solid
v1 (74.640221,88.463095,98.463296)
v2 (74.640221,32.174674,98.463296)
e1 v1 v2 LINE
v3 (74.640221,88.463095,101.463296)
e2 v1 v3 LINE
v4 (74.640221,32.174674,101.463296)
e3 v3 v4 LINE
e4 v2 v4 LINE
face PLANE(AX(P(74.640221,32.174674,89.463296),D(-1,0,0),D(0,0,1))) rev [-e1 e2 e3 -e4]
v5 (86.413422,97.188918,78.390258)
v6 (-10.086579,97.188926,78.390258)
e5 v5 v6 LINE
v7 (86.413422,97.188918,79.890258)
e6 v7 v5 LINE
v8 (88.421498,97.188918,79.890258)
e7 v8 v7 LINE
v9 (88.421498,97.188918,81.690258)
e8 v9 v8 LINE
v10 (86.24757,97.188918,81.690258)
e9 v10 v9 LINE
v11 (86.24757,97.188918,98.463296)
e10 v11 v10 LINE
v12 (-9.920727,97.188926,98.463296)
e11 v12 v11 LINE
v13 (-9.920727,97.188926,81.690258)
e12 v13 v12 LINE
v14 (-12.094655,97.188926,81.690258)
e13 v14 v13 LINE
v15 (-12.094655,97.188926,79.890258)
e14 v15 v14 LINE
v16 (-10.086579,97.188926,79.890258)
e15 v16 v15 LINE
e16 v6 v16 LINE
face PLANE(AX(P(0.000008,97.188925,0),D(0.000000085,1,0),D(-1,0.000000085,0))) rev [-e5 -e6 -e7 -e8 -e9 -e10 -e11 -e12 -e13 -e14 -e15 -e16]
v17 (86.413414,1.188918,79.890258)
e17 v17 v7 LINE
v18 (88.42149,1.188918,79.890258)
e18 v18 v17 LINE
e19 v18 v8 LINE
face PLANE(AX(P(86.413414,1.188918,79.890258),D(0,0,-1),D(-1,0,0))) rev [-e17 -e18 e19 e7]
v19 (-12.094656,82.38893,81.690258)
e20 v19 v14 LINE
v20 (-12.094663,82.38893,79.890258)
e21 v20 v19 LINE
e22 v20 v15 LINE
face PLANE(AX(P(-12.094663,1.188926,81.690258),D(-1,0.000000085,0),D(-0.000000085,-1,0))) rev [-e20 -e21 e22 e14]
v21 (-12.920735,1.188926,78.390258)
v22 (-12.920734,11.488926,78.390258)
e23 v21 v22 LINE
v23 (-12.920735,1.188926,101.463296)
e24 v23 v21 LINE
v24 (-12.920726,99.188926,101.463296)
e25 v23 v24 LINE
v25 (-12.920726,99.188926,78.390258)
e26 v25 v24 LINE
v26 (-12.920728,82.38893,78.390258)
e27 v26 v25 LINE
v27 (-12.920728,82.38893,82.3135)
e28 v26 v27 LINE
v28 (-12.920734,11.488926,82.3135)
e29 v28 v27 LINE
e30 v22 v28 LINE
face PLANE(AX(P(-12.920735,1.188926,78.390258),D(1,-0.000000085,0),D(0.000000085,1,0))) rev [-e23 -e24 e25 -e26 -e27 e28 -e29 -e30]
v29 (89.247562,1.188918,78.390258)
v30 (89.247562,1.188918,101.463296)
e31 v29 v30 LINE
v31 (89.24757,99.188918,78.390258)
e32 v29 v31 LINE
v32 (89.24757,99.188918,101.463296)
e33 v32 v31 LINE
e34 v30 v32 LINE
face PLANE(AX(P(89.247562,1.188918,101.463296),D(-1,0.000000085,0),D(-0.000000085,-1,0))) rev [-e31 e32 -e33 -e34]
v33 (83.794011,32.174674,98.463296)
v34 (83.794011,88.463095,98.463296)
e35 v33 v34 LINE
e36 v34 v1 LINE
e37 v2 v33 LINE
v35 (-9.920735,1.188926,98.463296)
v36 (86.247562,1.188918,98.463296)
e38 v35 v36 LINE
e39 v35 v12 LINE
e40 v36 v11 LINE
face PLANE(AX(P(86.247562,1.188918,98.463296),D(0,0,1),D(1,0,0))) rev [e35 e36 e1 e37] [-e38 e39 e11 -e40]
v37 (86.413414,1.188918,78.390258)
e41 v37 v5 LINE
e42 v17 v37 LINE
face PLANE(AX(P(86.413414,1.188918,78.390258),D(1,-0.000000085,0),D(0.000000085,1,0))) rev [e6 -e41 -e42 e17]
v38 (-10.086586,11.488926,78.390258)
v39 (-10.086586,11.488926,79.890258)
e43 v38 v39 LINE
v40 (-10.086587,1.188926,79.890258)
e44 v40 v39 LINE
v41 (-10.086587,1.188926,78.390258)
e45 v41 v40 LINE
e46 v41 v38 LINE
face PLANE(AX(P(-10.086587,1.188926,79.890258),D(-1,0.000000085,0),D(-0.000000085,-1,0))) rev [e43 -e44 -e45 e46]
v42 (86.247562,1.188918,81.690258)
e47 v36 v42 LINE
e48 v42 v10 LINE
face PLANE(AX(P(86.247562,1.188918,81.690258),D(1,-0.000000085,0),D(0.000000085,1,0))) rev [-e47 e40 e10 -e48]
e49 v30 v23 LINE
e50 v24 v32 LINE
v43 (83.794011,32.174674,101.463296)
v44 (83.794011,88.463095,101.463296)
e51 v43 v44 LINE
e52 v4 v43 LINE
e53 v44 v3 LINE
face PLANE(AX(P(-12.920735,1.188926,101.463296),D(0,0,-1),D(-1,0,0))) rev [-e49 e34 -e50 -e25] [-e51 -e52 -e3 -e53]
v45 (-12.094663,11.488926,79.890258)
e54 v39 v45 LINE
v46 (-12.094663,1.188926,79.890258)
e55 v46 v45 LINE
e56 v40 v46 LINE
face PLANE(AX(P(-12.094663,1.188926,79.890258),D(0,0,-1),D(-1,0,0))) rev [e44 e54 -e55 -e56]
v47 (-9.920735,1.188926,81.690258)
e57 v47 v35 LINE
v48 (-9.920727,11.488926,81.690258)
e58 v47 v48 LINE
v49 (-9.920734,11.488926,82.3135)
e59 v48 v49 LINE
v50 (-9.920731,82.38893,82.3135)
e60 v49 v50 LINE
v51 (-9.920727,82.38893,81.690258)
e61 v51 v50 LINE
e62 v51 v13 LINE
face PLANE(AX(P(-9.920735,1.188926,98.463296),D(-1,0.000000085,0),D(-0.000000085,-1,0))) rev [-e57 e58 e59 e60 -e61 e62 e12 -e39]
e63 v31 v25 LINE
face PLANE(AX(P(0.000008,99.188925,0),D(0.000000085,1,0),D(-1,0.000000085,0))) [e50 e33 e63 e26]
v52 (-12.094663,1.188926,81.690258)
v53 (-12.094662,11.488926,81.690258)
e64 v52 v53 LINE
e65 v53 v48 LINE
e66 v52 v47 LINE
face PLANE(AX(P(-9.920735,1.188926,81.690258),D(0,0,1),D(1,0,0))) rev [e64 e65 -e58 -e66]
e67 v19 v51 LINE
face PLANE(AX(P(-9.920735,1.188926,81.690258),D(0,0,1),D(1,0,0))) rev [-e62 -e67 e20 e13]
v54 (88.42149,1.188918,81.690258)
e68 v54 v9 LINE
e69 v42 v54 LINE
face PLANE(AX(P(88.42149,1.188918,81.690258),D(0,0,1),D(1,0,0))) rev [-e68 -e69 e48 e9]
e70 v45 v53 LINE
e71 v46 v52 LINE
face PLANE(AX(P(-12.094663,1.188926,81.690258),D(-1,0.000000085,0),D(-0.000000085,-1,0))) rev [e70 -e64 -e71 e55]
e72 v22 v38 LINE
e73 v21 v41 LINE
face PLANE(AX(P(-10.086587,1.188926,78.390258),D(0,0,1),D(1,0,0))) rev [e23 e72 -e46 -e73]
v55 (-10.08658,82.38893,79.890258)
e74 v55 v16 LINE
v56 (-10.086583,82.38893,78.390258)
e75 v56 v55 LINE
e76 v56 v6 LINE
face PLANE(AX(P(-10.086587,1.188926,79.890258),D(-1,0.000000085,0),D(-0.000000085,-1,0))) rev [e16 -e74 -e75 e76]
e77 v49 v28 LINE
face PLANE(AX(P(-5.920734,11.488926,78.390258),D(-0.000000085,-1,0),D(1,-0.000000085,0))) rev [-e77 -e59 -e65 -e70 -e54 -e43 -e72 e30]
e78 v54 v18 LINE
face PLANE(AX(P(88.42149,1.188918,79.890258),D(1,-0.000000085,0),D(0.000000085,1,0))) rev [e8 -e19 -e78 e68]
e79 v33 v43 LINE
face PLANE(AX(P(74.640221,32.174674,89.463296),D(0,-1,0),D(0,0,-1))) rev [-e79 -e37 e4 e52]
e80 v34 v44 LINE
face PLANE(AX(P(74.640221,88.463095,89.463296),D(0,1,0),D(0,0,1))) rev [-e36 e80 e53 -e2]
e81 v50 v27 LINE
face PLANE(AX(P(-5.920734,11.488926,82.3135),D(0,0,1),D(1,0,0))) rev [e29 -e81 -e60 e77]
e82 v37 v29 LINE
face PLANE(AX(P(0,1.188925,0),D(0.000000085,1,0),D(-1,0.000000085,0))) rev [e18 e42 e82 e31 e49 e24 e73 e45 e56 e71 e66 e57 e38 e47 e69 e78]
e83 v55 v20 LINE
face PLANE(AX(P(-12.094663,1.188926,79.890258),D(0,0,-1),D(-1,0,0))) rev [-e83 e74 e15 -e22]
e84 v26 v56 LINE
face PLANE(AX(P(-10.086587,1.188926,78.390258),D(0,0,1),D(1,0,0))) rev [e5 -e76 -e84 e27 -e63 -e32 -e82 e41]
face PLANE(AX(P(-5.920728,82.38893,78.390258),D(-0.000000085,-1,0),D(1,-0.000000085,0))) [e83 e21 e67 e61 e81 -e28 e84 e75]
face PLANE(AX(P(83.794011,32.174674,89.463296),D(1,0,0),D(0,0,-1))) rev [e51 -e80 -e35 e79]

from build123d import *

# Parameters (mm, degrees)
BOSS_EXTRUDE1_DEPTH      = 1
BOSS_EXTRUDE1_DEPTH_BACK = 95
SKETCH3_W                = 102.168296719
SKETCH3_H                = 23.073037812
BOSS_EXTRUDE2_DEPTH      = 2
CUT_EXTRUDE1_DEPTH       = 7
SKETCH5_W                = 9.153790551
SKETCH5_H                = 56.288421304
CUT_EXTRUDE2_DEPTH       = 12


with BuildPart() as part:
    # Sketch1 → Boss-Extrude1 (new, two sides: drawn at the far end of the back side and taken through both)
    with BuildSketch(Plane(origin=(1.86e-07, 2.18892535, 0), x_dir=(0.9999999999999963, -8.499370700000005e-08, 0), z_dir=(-8.499370700000005e-08, -0.9999999999999964, 0)).offset(-BOSS_EXTRUDE1_DEPTH_BACK)):
        Polygon((-10.086587255, 78.390258261), (-12.920734899, 78.390258261), (-12.920734899, 101.463296073), (89.24756182, 101.463296073), (89.24756182, 78.390258261), (86.413414176, 78.390258261), (86.413414176, 79.890257832), (88.421490182, 79.890257832), (88.421490182, 81.69025819), (86.24756182, 81.69025819), (86.24756182, 98.463296073), (-9.920734899, 98.463296073), (-9.920734899, 81.69025819), (-12.094663261, 81.69025819), (-12.094663261, 79.890257832), (-10.086587255, 79.890257832), align=None)
    extrude(amount=BOSS_EXTRUDE1_DEPTH + BOSS_EXTRUDE1_DEPTH_BACK)

    # Sketch3 → Boss-Extrude2 (add)
    with BuildSketch(Plane(origin=(8.26e-06, 97.18892535, 0), x_dir=(0.9999999999999963, -8.499370702344177e-08, 0), z_dir=(8.499370702344177e-08, 0.9999999999999964, 0))):
        with Locations((38.163413461, -89.926777167)):
            Rectangle(SKETCH3_W, SKETCH3_H)
    extrude(amount=BOSS_EXTRUDE2_DEPTH)

    # Sketch4 → Cut-Extrude1 (cut)
    with BuildSketch(Plane(origin=(-12.920734899, 1.098e-06, 0), x_dir=(0, 0, 1), z_dir=(-0.9999999999999964, 8.499370700000005e-08, 0))):
        Polygon((78.390258261, 11.48892535), (82.313500316, 11.48892535), (82.313500316, 82.388929164), (78.390258261, 82.388929164), (75.766454091, 82.388929164), (75.766454091, 11.48892535), align=None)
    extrude(amount=-CUT_EXTRUDE1_DEPTH, mode=Mode.SUBTRACT)

    # Sketch5 → Cut-Extrude2 (cut)
    with BuildSketch(Plane.XY.offset(101.463296073)):
        with Locations((79.217116041, 60.318884388)):
            Rectangle(SKETCH5_W, SKETCH5_H)
    extrude(amount=-CUT_EXTRUDE2_DEPTH, mode=Mode.SUBTRACT)


solid = part.part
